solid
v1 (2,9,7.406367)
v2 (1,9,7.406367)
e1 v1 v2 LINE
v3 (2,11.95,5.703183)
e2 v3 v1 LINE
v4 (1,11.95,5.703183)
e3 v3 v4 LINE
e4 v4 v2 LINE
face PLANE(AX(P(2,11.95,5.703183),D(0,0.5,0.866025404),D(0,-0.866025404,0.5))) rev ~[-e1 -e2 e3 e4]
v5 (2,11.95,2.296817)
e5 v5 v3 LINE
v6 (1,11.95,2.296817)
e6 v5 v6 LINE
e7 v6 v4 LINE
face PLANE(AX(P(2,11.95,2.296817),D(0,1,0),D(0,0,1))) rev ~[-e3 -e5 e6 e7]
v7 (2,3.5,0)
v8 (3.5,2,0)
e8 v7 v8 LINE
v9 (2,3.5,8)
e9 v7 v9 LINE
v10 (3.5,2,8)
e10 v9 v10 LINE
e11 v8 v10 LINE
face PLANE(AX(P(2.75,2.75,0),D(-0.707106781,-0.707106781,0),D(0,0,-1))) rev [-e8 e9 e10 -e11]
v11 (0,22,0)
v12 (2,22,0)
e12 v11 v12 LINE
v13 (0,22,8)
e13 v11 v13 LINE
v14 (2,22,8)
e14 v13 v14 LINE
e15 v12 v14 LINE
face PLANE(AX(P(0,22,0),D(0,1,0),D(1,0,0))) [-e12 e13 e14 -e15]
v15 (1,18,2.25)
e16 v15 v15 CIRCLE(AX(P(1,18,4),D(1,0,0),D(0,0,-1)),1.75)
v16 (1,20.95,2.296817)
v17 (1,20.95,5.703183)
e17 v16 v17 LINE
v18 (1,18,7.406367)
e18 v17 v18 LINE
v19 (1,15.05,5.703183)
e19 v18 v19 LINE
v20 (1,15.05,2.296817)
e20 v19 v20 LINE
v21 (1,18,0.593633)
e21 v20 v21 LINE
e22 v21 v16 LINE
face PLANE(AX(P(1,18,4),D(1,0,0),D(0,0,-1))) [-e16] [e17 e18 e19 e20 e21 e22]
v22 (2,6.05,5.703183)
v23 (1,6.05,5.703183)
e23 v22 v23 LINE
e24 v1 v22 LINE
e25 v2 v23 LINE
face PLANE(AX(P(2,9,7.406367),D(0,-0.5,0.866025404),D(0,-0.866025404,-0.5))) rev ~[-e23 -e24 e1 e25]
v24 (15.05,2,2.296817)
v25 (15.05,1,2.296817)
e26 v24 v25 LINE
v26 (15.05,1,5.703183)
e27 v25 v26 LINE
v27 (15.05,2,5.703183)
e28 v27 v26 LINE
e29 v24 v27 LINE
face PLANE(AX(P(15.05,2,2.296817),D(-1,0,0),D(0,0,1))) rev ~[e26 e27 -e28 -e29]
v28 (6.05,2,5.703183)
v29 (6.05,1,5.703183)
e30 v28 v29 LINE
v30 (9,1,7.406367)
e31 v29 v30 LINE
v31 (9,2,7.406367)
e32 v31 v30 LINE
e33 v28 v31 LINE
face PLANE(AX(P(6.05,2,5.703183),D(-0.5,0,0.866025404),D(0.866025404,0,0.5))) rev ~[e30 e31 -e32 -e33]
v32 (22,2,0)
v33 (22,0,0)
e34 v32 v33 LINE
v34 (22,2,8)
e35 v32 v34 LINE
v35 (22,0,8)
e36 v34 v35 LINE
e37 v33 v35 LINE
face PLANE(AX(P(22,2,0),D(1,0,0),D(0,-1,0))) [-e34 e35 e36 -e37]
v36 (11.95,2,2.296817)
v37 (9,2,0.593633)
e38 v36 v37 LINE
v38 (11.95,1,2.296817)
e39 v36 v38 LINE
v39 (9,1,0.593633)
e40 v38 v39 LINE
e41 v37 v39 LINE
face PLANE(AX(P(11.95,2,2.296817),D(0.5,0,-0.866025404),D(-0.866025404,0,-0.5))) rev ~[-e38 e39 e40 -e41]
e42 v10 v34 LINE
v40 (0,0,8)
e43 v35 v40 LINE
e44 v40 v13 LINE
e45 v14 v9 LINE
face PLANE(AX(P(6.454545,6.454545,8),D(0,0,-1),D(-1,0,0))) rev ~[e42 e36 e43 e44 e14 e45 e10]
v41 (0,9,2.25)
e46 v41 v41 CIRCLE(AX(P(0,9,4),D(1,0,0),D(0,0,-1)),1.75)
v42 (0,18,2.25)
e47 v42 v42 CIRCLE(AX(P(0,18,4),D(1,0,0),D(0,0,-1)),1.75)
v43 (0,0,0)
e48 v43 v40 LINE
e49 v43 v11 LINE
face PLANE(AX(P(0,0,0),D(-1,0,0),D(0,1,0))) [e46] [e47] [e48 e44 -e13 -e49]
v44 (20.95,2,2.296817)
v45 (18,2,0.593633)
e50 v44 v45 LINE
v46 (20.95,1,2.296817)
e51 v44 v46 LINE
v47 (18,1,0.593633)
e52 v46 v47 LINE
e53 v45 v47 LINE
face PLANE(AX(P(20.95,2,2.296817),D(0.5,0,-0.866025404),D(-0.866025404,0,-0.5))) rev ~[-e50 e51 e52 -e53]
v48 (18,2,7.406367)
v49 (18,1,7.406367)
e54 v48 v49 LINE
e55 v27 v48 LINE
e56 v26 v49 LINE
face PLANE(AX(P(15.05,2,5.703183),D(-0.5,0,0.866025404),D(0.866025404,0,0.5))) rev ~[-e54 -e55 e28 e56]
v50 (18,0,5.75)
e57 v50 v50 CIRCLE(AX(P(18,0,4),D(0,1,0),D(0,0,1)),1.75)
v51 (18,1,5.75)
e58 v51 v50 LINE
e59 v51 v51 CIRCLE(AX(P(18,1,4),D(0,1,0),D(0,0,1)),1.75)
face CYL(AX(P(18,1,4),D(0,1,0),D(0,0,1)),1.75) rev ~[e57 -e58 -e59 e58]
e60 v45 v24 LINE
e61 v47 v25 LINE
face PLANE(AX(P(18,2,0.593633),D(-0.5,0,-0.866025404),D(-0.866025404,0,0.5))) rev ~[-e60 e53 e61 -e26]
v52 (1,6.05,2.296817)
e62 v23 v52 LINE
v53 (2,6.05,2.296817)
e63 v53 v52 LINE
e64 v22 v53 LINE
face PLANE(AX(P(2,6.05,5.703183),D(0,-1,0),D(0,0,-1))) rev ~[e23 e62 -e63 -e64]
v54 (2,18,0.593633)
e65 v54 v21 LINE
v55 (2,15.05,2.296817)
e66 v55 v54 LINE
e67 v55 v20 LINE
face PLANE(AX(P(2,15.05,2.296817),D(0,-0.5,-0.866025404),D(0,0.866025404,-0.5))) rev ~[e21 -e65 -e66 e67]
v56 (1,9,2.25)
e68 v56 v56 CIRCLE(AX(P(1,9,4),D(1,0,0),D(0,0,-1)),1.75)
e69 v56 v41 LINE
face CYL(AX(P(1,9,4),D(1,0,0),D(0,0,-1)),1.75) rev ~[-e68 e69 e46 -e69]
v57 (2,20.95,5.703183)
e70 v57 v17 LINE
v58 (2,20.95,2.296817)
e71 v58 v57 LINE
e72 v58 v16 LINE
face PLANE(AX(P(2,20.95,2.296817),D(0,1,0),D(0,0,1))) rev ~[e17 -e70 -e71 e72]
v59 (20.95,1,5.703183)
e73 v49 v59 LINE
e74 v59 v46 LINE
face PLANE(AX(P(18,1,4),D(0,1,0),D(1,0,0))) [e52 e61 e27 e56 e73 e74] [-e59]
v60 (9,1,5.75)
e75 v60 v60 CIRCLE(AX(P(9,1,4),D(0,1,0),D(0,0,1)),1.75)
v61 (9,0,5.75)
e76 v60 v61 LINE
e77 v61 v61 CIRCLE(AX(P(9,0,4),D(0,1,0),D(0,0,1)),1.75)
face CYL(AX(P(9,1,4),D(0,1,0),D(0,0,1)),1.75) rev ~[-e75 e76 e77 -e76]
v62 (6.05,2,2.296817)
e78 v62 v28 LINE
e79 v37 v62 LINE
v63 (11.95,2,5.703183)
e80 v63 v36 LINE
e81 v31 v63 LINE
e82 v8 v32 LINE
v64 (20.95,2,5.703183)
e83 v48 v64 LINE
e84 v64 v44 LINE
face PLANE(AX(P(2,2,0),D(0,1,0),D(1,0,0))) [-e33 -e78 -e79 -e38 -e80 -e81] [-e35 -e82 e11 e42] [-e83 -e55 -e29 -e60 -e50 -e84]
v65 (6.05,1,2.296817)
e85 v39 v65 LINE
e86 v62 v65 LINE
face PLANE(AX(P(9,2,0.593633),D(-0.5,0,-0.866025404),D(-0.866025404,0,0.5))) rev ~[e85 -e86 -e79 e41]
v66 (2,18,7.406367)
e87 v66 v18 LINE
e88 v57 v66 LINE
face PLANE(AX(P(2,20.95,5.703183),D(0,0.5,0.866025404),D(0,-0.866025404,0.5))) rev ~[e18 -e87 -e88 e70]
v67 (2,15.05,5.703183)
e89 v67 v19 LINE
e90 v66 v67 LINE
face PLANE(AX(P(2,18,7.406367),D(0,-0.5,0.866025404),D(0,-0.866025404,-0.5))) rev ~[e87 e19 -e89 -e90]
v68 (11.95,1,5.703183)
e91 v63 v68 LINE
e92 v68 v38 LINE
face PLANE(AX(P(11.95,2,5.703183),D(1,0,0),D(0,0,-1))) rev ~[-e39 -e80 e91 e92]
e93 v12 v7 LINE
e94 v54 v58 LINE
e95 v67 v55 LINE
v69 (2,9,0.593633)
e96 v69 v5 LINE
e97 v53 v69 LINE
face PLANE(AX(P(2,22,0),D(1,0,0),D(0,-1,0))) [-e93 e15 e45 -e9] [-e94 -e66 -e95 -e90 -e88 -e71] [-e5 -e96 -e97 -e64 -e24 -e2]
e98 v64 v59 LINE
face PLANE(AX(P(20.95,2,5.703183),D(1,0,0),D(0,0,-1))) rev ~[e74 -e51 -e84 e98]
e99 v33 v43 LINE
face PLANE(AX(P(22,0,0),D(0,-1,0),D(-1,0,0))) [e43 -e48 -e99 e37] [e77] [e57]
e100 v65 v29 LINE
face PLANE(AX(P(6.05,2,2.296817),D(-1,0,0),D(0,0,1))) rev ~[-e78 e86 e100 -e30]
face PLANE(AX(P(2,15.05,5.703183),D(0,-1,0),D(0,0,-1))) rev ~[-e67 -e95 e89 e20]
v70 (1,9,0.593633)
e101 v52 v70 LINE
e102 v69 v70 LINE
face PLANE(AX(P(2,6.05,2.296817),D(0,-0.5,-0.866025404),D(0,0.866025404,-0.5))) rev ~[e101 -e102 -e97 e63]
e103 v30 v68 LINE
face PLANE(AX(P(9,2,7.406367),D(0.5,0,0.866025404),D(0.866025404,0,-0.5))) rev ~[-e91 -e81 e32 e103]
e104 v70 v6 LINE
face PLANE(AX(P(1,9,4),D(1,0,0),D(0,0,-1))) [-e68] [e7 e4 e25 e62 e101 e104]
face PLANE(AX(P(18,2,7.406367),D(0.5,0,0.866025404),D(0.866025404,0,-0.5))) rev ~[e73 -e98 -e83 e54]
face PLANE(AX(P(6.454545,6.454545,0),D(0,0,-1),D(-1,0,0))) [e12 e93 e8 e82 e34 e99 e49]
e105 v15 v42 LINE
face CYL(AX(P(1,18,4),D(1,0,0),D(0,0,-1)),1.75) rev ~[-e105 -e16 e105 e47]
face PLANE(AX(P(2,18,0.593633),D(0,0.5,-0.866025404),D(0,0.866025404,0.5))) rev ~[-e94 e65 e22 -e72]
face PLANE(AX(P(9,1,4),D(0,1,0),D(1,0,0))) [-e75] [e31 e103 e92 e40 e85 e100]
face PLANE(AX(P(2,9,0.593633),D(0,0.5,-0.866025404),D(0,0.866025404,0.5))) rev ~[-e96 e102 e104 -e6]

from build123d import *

# Parameters (mm, degrees)
ESTRUSIONE_ESTRUSIONE1_DEPTH = 8
TAGLIO_ESTRUSIONE1_DEPTH     = 1
SCHIZZO4_R                   = 1.75
TAGLIO_ESTRUSIONE2_DEPTH     = 32.448370387
TAGLIO_ESTRUSIONE3_DEPTH     = 1
SCHIZZO6_R                   = 1.75
TAGLIO_ESTRUSIONE4_DEPTH     = 32.448370387
SMUSSO1_SIZE                 = 1.5


with BuildPart() as part:
    # Schizzo1 → Estrusione-Estrusione1 (new body)
    with BuildSketch(Plane.XY):
        Polygon((0, 0), (0, 22), (2, 22), (2, 2), (22, 2), (22, 0), align=None)
    extrude(amount=ESTRUSIONE_ESTRUSIONE1_DEPTH)

    # Schizzo2 → Taglio-Estrusione1 (cut)
    with BuildSketch(Plane(origin=(2, 0, 0), x_dir=(0, 0, -1), z_dir=(1, 0, 0))):
        Polygon((-2.296816706, 15.05), (-0.593633412, 18), (-2.296816706, 20.95), (-5.703183294, 20.95), (-7.406366588, 18), (-5.703183294, 15.05), align=None)
        Polygon((-2.296816706, 6.05), (-0.593633412, 9), (-2.296816706, 11.95), (-5.703183294, 11.95), (-7.406366588, 9), (-5.703183294, 6.05), align=None)
    extrude(amount=-TAGLIO_ESTRUSIONE1_DEPTH, mode=Mode.SUBTRACT)

    # Schizzo4 → Taglio-Estrusione2 (cut, through all)
    with BuildSketch(Plane(origin=(1, 0, 0), x_dir=(0, 0, -1), z_dir=(1, 0, 0))):
        with Locations((-4, 18)):
            Circle(SCHIZZO4_R)
        with Locations((-4, 9)):
            Circle(SCHIZZO4_R)
    extrude(amount=-TAGLIO_ESTRUSIONE2_DEPTH, mode=Mode.SUBTRACT)

    # Schizzo5 → Taglio-Estrusione3 (cut)
    with BuildSketch(Plane(origin=(0, 2, 0), x_dir=(1, 0, 0), z_dir=(0, 1, 0))):
        Polygon((15.05, -5.703183294), (18, -7.406366588), (20.95, -5.703183294), (20.95, -2.296816706), (18, -0.593633412), (15.05, -2.296816706), align=None)
        Polygon((6.05, -5.703183294), (9, -7.406366588), (11.95, -5.703183294), (11.95, -2.296816706), (9, -0.593633412), (6.05, -2.296816706), align=None)
    extrude(amount=-TAGLIO_ESTRUSIONE3_DEPTH, mode=Mode.SUBTRACT)

    # Schizzo6 → Taglio-Estrusione4 (cut, through all)
    with BuildSketch(Plane(origin=(0, 1, 0), x_dir=(1, 0, 0), z_dir=(0, 1, 0))):
        with Locations(Location((18, -4, 0), (0, 0, 270))):
            Circle(SCHIZZO6_R)
        with Locations(Location((9, -4, 0), (0, 0, 270))):
            Circle(SCHIZZO6_R)
    extrude(amount=-TAGLIO_ESTRUSIONE4_DEPTH, mode=Mode.SUBTRACT)

    # Smusso1
    smusso1_edges = [part.edges().sort_by_distance(p)[0] for p in [
        (2, 2, 4),
    ]]
    chamfer(smusso1_edges, length=SMUSSO1_SIZE)


solid = part.part
